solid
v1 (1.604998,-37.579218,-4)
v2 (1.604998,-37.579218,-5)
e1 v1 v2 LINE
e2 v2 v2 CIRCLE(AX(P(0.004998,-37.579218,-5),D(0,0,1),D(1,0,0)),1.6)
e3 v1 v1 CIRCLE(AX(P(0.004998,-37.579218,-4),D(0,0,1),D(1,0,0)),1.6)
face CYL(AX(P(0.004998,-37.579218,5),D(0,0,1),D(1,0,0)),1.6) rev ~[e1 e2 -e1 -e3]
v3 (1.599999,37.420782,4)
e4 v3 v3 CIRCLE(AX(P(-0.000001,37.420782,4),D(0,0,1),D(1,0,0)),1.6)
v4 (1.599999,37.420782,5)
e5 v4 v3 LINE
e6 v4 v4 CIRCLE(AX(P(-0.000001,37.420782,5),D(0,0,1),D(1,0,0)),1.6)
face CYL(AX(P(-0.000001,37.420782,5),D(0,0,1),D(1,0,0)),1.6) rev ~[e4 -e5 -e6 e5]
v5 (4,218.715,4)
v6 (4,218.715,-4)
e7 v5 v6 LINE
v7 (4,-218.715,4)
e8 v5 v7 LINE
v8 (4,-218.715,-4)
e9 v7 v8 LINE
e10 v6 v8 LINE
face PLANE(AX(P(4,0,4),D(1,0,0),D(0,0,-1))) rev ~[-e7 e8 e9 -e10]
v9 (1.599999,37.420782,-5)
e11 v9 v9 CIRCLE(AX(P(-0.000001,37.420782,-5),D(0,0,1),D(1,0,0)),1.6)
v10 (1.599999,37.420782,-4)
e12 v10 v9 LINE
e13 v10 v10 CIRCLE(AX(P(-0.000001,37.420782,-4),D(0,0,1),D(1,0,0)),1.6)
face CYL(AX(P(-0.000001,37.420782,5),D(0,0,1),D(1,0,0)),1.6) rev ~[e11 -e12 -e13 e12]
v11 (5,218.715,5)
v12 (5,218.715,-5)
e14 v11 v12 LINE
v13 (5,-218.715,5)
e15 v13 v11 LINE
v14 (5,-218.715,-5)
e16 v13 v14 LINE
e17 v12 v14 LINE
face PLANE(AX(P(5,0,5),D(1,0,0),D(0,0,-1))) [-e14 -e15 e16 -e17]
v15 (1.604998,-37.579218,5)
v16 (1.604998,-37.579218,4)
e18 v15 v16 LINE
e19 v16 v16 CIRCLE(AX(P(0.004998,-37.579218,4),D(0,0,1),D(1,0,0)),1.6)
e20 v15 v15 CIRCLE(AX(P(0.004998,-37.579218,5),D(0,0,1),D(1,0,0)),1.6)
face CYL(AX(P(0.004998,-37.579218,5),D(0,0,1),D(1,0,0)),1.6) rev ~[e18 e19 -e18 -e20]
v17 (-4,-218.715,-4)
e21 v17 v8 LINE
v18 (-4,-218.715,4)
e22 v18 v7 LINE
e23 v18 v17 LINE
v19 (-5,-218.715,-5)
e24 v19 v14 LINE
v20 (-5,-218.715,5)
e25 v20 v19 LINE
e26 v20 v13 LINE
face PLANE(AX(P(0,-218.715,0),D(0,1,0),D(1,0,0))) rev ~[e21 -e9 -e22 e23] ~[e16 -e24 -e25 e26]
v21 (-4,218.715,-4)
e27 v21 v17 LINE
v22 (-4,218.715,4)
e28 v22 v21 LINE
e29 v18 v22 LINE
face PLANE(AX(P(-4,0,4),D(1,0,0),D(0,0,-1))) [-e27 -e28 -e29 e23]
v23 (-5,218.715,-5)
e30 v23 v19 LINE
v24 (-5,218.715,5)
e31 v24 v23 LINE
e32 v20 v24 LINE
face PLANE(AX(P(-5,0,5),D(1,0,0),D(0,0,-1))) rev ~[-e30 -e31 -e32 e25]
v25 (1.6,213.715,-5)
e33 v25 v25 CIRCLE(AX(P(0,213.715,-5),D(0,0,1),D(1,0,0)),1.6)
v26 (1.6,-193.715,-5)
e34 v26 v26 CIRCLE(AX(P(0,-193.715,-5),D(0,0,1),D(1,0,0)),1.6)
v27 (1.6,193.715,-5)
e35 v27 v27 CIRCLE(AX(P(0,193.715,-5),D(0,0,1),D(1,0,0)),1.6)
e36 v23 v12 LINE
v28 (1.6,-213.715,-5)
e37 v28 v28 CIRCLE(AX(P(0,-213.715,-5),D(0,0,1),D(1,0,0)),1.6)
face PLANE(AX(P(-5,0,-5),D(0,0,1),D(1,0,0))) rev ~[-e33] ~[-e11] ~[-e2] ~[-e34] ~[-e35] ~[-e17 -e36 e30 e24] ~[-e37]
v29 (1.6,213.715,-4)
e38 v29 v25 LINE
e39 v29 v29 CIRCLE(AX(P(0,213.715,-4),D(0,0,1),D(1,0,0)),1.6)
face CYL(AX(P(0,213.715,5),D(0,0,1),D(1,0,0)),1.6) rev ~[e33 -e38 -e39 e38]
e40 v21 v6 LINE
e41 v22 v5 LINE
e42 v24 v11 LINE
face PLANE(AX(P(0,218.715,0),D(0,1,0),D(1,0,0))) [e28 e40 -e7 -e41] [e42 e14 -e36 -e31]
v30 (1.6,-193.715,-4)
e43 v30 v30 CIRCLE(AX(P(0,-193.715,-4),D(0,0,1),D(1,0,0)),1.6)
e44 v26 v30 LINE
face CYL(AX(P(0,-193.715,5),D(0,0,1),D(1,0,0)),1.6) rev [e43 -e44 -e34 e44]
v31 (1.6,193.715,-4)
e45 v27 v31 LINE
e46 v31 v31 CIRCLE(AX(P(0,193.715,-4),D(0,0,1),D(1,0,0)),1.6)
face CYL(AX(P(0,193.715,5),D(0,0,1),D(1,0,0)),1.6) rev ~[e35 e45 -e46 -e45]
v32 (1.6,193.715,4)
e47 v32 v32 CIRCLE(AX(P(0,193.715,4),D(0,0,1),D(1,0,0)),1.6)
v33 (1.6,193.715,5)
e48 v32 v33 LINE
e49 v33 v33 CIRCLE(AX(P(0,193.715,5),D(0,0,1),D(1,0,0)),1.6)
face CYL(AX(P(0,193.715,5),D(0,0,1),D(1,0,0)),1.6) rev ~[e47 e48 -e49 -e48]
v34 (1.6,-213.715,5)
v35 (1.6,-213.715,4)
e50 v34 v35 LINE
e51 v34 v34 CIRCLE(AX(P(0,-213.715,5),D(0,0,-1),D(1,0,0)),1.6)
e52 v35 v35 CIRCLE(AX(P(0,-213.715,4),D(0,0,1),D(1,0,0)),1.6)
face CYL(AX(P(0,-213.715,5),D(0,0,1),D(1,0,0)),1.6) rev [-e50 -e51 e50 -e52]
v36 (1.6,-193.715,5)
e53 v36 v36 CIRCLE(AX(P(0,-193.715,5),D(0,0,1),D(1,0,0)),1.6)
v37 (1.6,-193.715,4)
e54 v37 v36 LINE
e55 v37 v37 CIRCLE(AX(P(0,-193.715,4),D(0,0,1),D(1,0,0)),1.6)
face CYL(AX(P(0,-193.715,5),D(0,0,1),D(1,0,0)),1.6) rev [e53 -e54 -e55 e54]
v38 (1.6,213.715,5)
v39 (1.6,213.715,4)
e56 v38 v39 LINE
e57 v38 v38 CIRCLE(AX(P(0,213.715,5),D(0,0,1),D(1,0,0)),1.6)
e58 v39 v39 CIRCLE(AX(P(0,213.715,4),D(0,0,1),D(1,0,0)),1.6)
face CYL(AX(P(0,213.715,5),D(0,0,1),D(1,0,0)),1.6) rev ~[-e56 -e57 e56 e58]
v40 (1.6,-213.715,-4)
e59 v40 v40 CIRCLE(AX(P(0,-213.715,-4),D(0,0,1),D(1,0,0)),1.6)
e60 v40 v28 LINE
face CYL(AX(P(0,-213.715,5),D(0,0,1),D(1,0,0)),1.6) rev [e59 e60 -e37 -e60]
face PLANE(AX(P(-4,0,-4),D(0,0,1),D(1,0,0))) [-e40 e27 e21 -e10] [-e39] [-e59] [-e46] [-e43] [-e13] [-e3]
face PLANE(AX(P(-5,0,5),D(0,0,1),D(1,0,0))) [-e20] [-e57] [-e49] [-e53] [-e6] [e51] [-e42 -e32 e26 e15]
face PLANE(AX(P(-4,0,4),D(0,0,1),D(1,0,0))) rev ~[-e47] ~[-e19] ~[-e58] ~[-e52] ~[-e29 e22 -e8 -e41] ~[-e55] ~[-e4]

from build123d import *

# Parameters (mm, degrees)
SKETCH_1_W          = 10
SKETCH_1_H          = 10
SKETCH_1_W_2        = 8
SKETCH_1_H_2        = 8
EXTRUDE_1_DEPTH     = 218.715
SKETCH_2_R          = 1.6
CUT_EXTRUDE_1_DEPTH = 213.715
SKETCH_3_R          = 1.6
CUT_EXTRUDE_2_DEPTH = 10


with BuildPart() as part:
    # ｽｹｯﾁ1 → ﾎﾞｽ - 押し出し1 (new, symmetric)
    with BuildSketch(Plane(origin=(0, 0, 0), x_dir=(1, 0, 0), z_dir=(0, 1, 0))):
        Rectangle(SKETCH_1_W, SKETCH_1_H)
        Rectangle(SKETCH_1_W_2, SKETCH_1_H_2, mode=Mode.SUBTRACT)
    extrude(amount=EXTRUDE_1_DEPTH, both=True)

    # ｽｹｯﾁ2 → ｶｯﾄ - 押し出し1 (cut, symmetric)
    with BuildSketch(Plane.XY.offset(5)):
        with Locations((0, 213.715)):
            Circle(SKETCH_2_R)
        with Locations((0, 193.715)):
            Circle(SKETCH_2_R)
    cut_extrude_1 = extrude(amount=CUT_EXTRUDE_1_DEPTH, both=True, mode=Mode.SUBTRACT)

    # ﾐﾗｰ1: ｶｯﾄ - 押し出し1 across plane
    add(cut_extrude_1.mirror(Plane.ZX), mode=Mode.SUBTRACT)

    # ｽｹｯﾁ3 → ｶｯﾄ - 押し出し2 (cut)
    with BuildSketch(Plane.XY.offset(5)):
        with Locations((0.004997943, -37.579217745)):
            Circle(SKETCH_3_R)
        with Locations((-1.455e-06, 37.420782255)):
            Circle(SKETCH_3_R)
    extrude(amount=-CUT_EXTRUDE_2_DEPTH, mode=Mode.SUBTRACT)


solid = part.part
